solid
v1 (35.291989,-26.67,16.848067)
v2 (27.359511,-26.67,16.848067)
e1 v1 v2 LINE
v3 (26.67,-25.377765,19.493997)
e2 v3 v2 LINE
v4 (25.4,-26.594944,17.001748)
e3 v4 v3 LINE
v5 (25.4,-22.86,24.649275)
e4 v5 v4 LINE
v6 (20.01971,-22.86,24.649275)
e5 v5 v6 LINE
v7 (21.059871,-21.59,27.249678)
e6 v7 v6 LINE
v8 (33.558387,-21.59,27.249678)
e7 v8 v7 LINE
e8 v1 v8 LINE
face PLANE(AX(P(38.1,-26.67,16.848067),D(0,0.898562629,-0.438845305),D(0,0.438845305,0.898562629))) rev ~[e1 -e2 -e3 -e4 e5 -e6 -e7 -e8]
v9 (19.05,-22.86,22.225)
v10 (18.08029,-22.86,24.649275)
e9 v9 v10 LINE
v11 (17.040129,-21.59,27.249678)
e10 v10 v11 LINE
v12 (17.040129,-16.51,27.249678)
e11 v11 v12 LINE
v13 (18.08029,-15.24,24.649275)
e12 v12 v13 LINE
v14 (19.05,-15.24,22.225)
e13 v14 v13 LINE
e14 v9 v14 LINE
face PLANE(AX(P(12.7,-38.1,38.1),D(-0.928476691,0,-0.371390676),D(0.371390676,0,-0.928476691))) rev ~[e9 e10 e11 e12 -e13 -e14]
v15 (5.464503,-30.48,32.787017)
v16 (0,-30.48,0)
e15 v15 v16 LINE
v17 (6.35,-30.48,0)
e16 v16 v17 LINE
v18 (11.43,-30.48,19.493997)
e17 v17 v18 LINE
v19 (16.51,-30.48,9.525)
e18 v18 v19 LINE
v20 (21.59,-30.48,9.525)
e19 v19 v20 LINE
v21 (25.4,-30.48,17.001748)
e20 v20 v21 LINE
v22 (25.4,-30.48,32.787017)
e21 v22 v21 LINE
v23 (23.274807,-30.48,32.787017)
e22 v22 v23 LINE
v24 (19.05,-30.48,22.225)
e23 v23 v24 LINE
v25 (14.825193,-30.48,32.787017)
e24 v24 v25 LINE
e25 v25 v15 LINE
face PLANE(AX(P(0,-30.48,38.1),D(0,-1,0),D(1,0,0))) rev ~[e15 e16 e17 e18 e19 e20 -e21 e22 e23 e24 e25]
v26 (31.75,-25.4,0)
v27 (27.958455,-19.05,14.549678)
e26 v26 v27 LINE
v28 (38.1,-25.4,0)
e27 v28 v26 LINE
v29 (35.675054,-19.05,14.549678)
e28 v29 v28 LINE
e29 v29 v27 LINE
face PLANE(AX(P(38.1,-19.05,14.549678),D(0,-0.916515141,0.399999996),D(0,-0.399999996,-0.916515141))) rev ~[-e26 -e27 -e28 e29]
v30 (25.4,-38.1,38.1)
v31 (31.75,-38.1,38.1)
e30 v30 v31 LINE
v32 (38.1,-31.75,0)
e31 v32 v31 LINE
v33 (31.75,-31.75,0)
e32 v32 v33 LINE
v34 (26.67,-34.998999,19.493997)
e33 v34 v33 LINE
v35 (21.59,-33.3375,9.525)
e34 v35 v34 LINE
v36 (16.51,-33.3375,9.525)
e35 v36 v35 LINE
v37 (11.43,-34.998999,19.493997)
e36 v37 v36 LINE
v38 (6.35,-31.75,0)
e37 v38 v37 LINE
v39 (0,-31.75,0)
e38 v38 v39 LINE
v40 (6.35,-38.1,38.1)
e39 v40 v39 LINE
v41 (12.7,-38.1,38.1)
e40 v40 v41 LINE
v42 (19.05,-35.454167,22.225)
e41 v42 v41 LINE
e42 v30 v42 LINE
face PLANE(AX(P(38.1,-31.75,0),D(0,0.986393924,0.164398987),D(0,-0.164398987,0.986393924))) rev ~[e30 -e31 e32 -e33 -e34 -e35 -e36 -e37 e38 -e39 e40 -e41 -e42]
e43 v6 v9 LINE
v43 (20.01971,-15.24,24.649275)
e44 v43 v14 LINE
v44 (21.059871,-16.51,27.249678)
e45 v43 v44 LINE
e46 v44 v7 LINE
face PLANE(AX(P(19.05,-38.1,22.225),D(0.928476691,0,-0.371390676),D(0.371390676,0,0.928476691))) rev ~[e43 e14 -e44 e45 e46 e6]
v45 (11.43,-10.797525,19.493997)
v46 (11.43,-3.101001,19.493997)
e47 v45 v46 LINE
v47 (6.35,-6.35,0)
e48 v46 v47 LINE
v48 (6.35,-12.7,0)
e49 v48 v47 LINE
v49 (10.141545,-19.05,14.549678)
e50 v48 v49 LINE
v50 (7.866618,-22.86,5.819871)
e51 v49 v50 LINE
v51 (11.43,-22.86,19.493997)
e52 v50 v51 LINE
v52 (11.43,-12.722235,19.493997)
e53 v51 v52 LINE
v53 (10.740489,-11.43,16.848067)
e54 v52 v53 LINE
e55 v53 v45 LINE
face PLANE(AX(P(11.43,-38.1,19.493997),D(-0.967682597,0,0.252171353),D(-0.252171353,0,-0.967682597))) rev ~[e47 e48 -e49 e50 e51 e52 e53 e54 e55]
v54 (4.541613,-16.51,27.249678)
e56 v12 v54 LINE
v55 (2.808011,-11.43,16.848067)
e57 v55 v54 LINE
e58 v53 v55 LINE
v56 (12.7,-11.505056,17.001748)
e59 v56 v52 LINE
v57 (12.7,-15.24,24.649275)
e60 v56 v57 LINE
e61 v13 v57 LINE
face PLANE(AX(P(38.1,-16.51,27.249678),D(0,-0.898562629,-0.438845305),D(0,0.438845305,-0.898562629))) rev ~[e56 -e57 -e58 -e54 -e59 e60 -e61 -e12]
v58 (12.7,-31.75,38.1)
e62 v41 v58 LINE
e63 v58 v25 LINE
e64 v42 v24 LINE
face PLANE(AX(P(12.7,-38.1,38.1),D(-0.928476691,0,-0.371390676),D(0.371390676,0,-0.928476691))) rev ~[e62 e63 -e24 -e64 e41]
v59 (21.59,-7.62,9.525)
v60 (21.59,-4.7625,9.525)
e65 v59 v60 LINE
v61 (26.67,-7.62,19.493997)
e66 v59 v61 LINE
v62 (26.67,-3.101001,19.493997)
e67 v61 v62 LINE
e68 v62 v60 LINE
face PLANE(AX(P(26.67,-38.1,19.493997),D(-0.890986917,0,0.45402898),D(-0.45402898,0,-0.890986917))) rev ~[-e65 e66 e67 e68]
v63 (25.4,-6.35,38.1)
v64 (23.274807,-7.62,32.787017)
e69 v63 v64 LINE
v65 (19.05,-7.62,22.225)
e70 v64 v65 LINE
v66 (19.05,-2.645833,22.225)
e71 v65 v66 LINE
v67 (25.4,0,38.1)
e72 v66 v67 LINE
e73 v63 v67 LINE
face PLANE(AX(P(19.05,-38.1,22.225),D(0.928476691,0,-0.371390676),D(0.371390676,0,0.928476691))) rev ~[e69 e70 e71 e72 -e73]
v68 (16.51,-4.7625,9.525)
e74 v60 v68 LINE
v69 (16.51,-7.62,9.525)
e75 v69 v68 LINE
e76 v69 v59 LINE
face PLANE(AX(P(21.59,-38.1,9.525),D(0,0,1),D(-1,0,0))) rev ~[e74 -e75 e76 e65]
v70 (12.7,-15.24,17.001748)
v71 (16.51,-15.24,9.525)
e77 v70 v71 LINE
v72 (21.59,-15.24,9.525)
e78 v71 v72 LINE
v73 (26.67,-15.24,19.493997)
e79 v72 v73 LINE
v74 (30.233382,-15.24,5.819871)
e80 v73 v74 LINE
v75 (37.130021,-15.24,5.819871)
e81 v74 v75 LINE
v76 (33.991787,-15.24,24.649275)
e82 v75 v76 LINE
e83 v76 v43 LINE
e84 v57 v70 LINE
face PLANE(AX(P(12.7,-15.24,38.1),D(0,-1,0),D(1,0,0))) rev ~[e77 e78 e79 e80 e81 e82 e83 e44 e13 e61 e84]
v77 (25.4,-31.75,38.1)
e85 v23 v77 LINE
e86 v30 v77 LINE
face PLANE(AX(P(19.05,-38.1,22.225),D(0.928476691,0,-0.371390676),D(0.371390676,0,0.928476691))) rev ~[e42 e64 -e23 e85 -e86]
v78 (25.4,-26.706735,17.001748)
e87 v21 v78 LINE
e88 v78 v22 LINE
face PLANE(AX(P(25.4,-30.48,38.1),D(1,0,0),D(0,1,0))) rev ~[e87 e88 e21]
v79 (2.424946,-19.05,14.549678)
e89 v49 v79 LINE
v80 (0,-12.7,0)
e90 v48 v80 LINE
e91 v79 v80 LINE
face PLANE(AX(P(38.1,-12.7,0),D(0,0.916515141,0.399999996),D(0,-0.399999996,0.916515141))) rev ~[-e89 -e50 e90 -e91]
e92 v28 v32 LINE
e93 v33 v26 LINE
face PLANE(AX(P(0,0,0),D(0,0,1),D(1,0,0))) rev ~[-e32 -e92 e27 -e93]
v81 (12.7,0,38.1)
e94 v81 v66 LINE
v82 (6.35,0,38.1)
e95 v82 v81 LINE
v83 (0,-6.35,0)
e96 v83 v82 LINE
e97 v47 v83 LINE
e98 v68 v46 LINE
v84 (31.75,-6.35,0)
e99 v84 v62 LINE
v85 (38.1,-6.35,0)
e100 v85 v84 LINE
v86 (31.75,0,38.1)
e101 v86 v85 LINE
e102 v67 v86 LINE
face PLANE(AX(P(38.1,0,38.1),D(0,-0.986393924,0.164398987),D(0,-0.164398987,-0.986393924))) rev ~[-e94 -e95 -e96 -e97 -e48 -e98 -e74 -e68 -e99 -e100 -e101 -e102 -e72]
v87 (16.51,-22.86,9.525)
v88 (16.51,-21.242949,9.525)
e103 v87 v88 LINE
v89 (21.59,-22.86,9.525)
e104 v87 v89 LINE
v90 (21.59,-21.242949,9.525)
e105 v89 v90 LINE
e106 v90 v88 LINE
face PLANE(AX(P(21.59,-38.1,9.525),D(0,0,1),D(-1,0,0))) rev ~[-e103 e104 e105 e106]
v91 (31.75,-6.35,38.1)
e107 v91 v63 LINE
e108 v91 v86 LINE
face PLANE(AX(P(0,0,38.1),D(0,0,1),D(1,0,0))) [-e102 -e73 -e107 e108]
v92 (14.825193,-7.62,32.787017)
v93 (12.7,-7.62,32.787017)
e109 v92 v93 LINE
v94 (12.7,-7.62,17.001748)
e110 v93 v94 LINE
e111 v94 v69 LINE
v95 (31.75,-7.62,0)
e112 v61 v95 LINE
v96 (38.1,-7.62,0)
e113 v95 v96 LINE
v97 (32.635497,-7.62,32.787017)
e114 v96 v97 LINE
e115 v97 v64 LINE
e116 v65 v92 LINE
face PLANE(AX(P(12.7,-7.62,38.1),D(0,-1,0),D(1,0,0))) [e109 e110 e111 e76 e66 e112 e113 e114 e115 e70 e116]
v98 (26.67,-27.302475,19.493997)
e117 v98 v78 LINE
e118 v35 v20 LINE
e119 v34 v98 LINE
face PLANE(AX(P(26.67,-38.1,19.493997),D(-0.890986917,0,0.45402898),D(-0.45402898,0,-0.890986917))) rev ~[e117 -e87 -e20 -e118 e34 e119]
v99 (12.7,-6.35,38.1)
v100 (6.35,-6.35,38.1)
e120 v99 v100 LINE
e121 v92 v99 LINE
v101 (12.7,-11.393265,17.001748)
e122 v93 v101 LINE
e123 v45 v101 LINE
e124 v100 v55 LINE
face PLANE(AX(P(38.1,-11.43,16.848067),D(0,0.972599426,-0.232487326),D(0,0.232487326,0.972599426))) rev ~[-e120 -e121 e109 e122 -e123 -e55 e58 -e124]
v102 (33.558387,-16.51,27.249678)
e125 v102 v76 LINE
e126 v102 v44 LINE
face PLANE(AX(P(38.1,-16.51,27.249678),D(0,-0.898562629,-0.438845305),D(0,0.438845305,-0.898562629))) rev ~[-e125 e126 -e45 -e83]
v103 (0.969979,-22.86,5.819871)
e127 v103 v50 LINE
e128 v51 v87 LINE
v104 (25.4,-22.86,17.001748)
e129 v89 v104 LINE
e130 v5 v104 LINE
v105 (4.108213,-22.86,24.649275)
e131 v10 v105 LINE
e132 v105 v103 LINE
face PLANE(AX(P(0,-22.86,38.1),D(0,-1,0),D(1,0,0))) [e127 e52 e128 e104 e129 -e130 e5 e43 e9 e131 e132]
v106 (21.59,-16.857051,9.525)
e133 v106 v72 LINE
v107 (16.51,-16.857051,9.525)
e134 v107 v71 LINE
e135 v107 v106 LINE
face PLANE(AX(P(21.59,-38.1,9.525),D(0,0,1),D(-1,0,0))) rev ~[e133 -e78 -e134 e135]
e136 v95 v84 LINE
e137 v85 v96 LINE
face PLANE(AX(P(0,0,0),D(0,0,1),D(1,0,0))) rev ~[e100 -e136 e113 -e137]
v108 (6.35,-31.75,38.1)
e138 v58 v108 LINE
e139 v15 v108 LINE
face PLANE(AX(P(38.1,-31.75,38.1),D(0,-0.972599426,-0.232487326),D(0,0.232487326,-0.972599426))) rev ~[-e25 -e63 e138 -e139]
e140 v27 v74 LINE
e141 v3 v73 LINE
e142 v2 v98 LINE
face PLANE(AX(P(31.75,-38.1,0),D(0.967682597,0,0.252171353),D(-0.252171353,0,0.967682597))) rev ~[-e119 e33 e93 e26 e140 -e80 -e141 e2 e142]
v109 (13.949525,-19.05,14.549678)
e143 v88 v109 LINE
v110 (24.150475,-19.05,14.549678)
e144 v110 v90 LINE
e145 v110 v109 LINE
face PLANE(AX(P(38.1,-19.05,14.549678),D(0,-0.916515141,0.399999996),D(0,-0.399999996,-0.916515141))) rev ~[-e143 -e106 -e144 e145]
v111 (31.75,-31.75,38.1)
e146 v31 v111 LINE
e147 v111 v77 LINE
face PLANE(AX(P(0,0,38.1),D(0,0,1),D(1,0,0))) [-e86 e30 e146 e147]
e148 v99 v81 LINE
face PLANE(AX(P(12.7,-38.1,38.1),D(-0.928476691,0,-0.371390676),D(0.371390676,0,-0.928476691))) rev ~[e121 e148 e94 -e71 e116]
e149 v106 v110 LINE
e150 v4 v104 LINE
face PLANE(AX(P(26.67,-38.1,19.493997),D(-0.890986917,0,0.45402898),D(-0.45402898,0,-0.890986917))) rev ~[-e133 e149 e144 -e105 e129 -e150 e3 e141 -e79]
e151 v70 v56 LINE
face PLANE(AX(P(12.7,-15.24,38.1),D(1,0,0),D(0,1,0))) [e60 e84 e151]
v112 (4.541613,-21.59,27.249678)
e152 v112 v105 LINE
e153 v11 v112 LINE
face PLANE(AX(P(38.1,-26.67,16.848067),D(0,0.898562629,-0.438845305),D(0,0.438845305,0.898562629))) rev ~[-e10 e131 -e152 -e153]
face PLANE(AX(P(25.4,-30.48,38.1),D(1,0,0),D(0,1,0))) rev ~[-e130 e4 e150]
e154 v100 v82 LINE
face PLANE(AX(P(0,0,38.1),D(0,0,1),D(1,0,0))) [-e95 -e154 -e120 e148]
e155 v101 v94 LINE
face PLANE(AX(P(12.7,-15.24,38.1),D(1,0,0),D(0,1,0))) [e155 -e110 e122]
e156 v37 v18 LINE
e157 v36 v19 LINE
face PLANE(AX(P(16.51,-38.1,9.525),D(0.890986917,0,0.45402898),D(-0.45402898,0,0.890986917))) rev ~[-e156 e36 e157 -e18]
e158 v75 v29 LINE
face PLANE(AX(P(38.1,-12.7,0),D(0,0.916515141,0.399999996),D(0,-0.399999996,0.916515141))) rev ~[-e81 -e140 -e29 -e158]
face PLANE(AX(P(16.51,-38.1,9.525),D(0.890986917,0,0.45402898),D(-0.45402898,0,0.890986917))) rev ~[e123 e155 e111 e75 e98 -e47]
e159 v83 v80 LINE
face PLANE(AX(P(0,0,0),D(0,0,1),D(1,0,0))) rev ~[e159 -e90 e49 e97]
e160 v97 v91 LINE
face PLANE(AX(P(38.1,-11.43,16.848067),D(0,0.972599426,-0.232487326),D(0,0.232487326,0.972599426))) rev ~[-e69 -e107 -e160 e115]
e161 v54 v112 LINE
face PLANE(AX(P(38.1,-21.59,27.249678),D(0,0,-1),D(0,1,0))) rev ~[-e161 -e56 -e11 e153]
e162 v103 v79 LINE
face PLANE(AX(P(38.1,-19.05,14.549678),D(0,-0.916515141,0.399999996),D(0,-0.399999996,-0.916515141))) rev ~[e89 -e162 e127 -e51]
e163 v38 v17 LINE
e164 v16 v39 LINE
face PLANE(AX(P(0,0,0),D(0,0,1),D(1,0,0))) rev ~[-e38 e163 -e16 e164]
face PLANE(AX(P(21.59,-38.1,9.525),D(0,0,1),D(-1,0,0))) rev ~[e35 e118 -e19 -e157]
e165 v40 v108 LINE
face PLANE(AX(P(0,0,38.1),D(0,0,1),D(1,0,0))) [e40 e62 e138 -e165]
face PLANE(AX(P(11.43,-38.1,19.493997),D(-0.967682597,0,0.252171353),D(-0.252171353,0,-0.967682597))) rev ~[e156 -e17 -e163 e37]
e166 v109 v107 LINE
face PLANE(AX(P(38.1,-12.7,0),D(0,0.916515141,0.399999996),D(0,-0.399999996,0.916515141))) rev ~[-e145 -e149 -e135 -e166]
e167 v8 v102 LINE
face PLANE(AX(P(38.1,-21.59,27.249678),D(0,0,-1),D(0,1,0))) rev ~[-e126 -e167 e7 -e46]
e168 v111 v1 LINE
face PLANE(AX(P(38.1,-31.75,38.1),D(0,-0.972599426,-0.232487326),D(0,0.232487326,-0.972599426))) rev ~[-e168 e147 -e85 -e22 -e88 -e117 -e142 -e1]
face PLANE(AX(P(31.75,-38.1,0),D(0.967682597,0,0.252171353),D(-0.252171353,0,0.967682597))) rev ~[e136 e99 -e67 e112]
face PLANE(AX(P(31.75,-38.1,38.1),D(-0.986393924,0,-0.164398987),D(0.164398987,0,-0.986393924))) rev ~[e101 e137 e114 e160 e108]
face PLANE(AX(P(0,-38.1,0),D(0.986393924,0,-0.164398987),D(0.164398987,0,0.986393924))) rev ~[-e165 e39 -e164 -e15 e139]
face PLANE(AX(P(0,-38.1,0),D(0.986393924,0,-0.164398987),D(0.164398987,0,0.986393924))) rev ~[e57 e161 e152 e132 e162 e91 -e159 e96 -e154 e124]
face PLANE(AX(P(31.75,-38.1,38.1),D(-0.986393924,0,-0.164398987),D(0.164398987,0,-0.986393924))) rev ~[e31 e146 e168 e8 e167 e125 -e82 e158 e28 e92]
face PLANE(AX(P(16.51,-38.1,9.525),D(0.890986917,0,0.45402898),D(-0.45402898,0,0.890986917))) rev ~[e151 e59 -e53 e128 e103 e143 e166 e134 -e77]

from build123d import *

# Parameters (mm, degrees)
F0_W      = 38.1
F0_H      = 38.1
F1_DEPTH  = 38.1
F6_DEPTH  = 38.1
F8_DEPTH  = 38.1
F9_W      = 25.4
F9_H      = 7.62
F10_DEPTH = 38.1


with BuildPart() as f1:
    # F0 (on Front) → F1 (new body)
    with BuildSketch(Plane.XZ):
        with Locations((19.05, 19.05)):
            Rectangle(F0_W, F0_H)
    extrude(amount=F1_DEPTH)

    # F5 (on offset) → F6 (cut)
    with BuildSketch(Plane.YZ.offset(38.1)):
        Polygon((-6.35, 38.1), (-31.75, 38.1), (-26.67, 16.848067), (-21.59, 27.249678), (-16.51, 27.249678), (-11.43, 16.848067), align=None)
        Polygon((-31.75, 0), (-38.1, 38.1), (-38.1, 0), align=None)
        Polygon((-19.05, 14.549678), (-25.4, 0), (-12.7, 0), align=None)
        Polygon((0, 0), (0, 38.1), (-6.35, 0), align=None)
    extrude(amount=-F6_DEPTH, mode=Mode.SUBTRACT)

    # F7 (on offset) → F8 (cut)
    with BuildSketch(Plane.XZ.offset(38.1)):
        Polygon((25.4, 38.1), (12.7, 38.1), (19.05, 22.225), align=None)
        Polygon((0, 38.1), (0, 0), (6.35, 38.1), align=None)
        Polygon((31.75, 38.1), (38.1, 0), (38.1, 38.1), align=None)
        Polygon((11.43, 19.493997), (6.35, 0), (31.75, 0), (26.67, 19.493997), (21.59, 9.525), (16.51, 9.525), align=None)
    extrude(amount=-F8_DEPTH, mode=Mode.SUBTRACT)

    # F9 (on offset) → F10 (cut)
    with BuildSketch(Plane.XY.offset(38.1)):
        with Locations((25.4, -11.43)):
            Rectangle(F9_W, F9_H)
        with Locations((12.7, -26.67)):
            Rectangle(F9_W, F9_H)
    extrude(amount=-F10_DEPTH, mode=Mode.SUBTRACT)


solid = f1.part
